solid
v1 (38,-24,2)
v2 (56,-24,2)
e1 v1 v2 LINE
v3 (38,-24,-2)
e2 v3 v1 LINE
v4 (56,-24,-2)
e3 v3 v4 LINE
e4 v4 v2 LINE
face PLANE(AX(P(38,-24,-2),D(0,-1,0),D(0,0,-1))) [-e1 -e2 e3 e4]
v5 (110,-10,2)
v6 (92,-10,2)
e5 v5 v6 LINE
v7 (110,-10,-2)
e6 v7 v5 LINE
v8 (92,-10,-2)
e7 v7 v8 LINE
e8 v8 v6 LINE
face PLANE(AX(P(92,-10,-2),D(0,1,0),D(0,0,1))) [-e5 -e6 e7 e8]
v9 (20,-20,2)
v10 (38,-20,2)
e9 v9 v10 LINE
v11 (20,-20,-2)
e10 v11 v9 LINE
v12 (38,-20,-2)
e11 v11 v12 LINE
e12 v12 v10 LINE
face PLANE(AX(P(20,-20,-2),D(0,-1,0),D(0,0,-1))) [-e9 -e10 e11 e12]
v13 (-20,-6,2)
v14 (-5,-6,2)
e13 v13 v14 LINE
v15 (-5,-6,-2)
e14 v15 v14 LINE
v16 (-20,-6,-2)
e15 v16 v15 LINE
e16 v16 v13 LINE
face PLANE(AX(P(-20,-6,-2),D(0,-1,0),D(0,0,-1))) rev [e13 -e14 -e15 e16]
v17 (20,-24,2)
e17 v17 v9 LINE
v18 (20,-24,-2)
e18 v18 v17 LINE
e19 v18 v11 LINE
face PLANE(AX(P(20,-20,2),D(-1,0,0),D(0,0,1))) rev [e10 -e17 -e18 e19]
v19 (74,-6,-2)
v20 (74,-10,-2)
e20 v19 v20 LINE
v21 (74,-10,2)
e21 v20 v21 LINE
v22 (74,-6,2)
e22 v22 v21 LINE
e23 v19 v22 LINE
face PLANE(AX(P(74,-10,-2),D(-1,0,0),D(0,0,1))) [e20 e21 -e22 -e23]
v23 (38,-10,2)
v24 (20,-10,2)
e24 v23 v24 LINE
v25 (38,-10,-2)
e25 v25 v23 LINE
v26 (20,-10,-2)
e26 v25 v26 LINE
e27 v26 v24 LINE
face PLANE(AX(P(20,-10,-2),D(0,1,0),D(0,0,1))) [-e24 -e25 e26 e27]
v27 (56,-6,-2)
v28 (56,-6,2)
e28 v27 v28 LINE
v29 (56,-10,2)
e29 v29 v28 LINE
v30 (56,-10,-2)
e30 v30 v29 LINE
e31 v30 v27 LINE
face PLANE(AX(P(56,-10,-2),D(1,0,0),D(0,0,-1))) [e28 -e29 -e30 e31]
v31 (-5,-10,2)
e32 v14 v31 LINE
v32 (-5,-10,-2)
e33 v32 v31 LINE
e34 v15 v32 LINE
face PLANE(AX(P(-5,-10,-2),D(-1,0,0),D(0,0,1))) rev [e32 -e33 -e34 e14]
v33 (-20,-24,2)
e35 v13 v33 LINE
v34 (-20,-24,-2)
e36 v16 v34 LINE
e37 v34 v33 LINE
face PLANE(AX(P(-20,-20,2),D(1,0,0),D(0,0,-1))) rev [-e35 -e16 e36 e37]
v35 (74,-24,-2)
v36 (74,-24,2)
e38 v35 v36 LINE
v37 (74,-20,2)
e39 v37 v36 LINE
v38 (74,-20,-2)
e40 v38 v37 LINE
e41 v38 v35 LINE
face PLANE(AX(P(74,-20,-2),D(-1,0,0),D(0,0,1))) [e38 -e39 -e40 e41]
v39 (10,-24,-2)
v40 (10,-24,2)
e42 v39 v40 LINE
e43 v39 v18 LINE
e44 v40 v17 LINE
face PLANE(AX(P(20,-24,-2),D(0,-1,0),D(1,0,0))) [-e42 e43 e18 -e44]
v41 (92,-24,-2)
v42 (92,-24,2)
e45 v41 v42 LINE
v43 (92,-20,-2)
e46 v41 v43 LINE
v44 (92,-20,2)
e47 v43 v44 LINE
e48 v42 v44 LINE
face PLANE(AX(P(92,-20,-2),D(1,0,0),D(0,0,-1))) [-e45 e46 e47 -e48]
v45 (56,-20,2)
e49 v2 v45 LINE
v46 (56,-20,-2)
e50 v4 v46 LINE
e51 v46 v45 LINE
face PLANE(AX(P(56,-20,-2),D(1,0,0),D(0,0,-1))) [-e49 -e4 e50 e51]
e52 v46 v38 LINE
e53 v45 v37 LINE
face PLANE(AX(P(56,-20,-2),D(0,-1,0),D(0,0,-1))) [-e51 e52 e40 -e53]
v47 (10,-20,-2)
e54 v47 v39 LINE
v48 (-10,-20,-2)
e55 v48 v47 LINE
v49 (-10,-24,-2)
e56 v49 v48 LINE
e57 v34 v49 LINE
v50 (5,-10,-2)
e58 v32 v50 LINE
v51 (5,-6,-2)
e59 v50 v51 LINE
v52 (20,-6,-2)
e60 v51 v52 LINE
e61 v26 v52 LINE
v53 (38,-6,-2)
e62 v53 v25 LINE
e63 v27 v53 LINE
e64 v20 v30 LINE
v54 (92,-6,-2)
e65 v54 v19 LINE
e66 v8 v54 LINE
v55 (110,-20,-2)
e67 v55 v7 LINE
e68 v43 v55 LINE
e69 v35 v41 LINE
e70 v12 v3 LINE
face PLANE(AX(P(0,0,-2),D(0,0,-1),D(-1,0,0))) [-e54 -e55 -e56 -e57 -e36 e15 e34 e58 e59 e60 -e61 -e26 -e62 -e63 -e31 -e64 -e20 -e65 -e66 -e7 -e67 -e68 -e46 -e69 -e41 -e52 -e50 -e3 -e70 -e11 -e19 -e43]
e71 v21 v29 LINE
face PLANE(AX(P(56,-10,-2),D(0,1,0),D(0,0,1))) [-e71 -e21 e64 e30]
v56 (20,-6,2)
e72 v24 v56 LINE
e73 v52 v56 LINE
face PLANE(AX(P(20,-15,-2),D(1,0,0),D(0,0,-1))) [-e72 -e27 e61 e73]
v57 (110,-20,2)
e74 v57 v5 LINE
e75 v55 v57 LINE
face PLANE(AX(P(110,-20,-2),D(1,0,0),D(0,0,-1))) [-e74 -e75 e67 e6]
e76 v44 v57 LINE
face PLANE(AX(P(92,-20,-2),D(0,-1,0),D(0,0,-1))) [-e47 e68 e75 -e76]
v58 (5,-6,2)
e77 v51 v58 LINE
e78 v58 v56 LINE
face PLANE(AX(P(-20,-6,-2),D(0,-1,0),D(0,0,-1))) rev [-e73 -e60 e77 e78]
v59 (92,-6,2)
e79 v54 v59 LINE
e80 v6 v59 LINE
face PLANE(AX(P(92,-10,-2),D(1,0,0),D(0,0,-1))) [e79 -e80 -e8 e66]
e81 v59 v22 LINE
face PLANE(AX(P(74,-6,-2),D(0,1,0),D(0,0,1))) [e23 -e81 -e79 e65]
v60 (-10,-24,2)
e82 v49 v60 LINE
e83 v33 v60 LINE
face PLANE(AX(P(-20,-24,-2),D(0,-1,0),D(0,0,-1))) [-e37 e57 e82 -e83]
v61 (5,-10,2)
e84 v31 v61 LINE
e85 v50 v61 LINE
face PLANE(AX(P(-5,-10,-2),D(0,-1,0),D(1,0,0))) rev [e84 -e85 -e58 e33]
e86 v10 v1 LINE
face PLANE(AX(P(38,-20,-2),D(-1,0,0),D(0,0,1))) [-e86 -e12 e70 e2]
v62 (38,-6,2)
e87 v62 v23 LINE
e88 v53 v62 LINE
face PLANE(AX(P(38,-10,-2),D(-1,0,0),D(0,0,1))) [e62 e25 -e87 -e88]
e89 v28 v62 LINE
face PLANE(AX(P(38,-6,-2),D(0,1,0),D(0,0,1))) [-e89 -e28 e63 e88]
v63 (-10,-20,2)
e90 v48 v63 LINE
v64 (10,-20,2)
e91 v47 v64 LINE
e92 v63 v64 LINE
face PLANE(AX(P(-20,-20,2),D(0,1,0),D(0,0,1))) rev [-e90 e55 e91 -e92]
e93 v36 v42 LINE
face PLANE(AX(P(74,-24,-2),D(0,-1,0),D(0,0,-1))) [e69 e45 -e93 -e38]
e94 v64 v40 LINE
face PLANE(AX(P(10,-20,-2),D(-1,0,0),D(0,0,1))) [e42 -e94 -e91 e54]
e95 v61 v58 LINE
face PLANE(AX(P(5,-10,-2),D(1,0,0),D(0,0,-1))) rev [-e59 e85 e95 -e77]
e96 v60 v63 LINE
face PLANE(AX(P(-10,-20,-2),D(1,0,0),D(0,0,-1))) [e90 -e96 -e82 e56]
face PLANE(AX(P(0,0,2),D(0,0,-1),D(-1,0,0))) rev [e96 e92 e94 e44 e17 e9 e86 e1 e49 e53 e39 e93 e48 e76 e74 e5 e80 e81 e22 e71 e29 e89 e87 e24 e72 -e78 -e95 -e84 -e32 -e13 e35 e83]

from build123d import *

# Parameters (mm, degrees)
SKETCH1_W           = 40
SKETCH1_H           = 40
BOSS_EXTRUDE1_DEPTH = 2
SKETCH2_R           = 1.5
CUT_EXTRUDE1_DEPTH  = 29.565713714
SKETCH3_W           = 4
SKETCH3_H           = 10
SKETCH3_W_2         = 10
SKETCH3_H_2         = 4
CUT_EXTRUDE2_DEPTH  = 29.565713714
SKETCH4_W           = 10
SKETCH4_H           = 4
BOSS_EXTRUDE2_DEPTH = 4
BOSS_EXTRUDE3_DEPTH = 4
SKETCH6_W           = 40
SKETCH6_H           = 26
CUT_EXTRUDE3_DEPTH  = 113.658776844
SKETCH7_W           = 4
SKETCH7_H           = 9
BOSS_EXTRUDE4_DEPTH = 4


with BuildPart() as part:
    # Sketch1 → Boss-Extrude1 (new, symmetric)
    with BuildSketch(Plane.XY):
        Rectangle(SKETCH1_W, SKETCH1_H)
    extrude(amount=BOSS_EXTRUDE1_DEPTH, both=True)

    # Sketch2 → Cut-Extrude1 (cut, through all)
    with BuildSketch(Plane.XY.offset(2)):
        with Locations((12, 14.35)):
            Circle(SKETCH2_R)
        with Locations((12, -3.15)):
            Circle(SKETCH2_R)
    extrude(amount=-CUT_EXTRUDE1_DEPTH, mode=Mode.SUBTRACT)

    # Sketch3 → Cut-Extrude2 (cut, through all)
    with BuildSketch(Plane.XY.offset(2)):
        with Locations((18, 10)):
            Rectangle(SKETCH3_W, SKETCH3_H)
        with Locations((-18, 10)):
            Rectangle(SKETCH3_W, SKETCH3_H)
        with Locations((-18, -10)):
            Rectangle(SKETCH3_W, SKETCH3_H)
        with Locations((18, -10)):
            Rectangle(SKETCH3_W, SKETCH3_H)
        with Locations((0, -8)):
            Rectangle(SKETCH3_W_2, SKETCH3_H_2)
    extrude(amount=-CUT_EXTRUDE2_DEPTH, mode=Mode.SUBTRACT)

    # Sketch4 → Boss-Extrude2 (add)
    with BuildSketch(Plane.XY.offset(2)):
        with Locations((-15, -22)):
            Rectangle(SKETCH4_W, SKETCH4_H)
        with Locations((15, -22)):
            Rectangle(SKETCH4_W, SKETCH4_H)
    extrude(amount=-BOSS_EXTRUDE2_DEPTH)

    # Sketch5 → Boss-Extrude3 (add)
    with BuildSketch(Plane.XY.offset(2)):
        Polygon((20, -20), (38, -20), (38, -24), (56, -24), (56, -20), (74, -20), (74, -24), (92, -24), (92, -20), (110, -20), (110, -10), (92, -10), (92, -6), (74, -6), (74, -10), (56, -10), (56, -6), (38, -6), (38, -10), (20, -10), align=None)
    extrude(amount=-BOSS_EXTRUDE3_DEPTH)

    # Sketch6 → Cut-Extrude3 (cut, through all)
    with BuildSketch(Plane.XY.offset(2)):
        with Locations((0, 7)):
            Rectangle(SKETCH6_W, SKETCH6_H)
    extrude(amount=-CUT_EXTRUDE3_DEPTH, mode=Mode.SUBTRACT)

    # Sketch7 → Boss-Extrude4 (add)
    with BuildSketch(Plane.XY.offset(2)):
        with Locations((18, -10.5)):
            Rectangle(SKETCH7_W, SKETCH7_H)
        with Locations((-18, -10.5)):
            Rectangle(SKETCH7_W, SKETCH7_H)
    extrude(amount=-BOSS_EXTRUDE4_DEPTH)


solid = part.part
